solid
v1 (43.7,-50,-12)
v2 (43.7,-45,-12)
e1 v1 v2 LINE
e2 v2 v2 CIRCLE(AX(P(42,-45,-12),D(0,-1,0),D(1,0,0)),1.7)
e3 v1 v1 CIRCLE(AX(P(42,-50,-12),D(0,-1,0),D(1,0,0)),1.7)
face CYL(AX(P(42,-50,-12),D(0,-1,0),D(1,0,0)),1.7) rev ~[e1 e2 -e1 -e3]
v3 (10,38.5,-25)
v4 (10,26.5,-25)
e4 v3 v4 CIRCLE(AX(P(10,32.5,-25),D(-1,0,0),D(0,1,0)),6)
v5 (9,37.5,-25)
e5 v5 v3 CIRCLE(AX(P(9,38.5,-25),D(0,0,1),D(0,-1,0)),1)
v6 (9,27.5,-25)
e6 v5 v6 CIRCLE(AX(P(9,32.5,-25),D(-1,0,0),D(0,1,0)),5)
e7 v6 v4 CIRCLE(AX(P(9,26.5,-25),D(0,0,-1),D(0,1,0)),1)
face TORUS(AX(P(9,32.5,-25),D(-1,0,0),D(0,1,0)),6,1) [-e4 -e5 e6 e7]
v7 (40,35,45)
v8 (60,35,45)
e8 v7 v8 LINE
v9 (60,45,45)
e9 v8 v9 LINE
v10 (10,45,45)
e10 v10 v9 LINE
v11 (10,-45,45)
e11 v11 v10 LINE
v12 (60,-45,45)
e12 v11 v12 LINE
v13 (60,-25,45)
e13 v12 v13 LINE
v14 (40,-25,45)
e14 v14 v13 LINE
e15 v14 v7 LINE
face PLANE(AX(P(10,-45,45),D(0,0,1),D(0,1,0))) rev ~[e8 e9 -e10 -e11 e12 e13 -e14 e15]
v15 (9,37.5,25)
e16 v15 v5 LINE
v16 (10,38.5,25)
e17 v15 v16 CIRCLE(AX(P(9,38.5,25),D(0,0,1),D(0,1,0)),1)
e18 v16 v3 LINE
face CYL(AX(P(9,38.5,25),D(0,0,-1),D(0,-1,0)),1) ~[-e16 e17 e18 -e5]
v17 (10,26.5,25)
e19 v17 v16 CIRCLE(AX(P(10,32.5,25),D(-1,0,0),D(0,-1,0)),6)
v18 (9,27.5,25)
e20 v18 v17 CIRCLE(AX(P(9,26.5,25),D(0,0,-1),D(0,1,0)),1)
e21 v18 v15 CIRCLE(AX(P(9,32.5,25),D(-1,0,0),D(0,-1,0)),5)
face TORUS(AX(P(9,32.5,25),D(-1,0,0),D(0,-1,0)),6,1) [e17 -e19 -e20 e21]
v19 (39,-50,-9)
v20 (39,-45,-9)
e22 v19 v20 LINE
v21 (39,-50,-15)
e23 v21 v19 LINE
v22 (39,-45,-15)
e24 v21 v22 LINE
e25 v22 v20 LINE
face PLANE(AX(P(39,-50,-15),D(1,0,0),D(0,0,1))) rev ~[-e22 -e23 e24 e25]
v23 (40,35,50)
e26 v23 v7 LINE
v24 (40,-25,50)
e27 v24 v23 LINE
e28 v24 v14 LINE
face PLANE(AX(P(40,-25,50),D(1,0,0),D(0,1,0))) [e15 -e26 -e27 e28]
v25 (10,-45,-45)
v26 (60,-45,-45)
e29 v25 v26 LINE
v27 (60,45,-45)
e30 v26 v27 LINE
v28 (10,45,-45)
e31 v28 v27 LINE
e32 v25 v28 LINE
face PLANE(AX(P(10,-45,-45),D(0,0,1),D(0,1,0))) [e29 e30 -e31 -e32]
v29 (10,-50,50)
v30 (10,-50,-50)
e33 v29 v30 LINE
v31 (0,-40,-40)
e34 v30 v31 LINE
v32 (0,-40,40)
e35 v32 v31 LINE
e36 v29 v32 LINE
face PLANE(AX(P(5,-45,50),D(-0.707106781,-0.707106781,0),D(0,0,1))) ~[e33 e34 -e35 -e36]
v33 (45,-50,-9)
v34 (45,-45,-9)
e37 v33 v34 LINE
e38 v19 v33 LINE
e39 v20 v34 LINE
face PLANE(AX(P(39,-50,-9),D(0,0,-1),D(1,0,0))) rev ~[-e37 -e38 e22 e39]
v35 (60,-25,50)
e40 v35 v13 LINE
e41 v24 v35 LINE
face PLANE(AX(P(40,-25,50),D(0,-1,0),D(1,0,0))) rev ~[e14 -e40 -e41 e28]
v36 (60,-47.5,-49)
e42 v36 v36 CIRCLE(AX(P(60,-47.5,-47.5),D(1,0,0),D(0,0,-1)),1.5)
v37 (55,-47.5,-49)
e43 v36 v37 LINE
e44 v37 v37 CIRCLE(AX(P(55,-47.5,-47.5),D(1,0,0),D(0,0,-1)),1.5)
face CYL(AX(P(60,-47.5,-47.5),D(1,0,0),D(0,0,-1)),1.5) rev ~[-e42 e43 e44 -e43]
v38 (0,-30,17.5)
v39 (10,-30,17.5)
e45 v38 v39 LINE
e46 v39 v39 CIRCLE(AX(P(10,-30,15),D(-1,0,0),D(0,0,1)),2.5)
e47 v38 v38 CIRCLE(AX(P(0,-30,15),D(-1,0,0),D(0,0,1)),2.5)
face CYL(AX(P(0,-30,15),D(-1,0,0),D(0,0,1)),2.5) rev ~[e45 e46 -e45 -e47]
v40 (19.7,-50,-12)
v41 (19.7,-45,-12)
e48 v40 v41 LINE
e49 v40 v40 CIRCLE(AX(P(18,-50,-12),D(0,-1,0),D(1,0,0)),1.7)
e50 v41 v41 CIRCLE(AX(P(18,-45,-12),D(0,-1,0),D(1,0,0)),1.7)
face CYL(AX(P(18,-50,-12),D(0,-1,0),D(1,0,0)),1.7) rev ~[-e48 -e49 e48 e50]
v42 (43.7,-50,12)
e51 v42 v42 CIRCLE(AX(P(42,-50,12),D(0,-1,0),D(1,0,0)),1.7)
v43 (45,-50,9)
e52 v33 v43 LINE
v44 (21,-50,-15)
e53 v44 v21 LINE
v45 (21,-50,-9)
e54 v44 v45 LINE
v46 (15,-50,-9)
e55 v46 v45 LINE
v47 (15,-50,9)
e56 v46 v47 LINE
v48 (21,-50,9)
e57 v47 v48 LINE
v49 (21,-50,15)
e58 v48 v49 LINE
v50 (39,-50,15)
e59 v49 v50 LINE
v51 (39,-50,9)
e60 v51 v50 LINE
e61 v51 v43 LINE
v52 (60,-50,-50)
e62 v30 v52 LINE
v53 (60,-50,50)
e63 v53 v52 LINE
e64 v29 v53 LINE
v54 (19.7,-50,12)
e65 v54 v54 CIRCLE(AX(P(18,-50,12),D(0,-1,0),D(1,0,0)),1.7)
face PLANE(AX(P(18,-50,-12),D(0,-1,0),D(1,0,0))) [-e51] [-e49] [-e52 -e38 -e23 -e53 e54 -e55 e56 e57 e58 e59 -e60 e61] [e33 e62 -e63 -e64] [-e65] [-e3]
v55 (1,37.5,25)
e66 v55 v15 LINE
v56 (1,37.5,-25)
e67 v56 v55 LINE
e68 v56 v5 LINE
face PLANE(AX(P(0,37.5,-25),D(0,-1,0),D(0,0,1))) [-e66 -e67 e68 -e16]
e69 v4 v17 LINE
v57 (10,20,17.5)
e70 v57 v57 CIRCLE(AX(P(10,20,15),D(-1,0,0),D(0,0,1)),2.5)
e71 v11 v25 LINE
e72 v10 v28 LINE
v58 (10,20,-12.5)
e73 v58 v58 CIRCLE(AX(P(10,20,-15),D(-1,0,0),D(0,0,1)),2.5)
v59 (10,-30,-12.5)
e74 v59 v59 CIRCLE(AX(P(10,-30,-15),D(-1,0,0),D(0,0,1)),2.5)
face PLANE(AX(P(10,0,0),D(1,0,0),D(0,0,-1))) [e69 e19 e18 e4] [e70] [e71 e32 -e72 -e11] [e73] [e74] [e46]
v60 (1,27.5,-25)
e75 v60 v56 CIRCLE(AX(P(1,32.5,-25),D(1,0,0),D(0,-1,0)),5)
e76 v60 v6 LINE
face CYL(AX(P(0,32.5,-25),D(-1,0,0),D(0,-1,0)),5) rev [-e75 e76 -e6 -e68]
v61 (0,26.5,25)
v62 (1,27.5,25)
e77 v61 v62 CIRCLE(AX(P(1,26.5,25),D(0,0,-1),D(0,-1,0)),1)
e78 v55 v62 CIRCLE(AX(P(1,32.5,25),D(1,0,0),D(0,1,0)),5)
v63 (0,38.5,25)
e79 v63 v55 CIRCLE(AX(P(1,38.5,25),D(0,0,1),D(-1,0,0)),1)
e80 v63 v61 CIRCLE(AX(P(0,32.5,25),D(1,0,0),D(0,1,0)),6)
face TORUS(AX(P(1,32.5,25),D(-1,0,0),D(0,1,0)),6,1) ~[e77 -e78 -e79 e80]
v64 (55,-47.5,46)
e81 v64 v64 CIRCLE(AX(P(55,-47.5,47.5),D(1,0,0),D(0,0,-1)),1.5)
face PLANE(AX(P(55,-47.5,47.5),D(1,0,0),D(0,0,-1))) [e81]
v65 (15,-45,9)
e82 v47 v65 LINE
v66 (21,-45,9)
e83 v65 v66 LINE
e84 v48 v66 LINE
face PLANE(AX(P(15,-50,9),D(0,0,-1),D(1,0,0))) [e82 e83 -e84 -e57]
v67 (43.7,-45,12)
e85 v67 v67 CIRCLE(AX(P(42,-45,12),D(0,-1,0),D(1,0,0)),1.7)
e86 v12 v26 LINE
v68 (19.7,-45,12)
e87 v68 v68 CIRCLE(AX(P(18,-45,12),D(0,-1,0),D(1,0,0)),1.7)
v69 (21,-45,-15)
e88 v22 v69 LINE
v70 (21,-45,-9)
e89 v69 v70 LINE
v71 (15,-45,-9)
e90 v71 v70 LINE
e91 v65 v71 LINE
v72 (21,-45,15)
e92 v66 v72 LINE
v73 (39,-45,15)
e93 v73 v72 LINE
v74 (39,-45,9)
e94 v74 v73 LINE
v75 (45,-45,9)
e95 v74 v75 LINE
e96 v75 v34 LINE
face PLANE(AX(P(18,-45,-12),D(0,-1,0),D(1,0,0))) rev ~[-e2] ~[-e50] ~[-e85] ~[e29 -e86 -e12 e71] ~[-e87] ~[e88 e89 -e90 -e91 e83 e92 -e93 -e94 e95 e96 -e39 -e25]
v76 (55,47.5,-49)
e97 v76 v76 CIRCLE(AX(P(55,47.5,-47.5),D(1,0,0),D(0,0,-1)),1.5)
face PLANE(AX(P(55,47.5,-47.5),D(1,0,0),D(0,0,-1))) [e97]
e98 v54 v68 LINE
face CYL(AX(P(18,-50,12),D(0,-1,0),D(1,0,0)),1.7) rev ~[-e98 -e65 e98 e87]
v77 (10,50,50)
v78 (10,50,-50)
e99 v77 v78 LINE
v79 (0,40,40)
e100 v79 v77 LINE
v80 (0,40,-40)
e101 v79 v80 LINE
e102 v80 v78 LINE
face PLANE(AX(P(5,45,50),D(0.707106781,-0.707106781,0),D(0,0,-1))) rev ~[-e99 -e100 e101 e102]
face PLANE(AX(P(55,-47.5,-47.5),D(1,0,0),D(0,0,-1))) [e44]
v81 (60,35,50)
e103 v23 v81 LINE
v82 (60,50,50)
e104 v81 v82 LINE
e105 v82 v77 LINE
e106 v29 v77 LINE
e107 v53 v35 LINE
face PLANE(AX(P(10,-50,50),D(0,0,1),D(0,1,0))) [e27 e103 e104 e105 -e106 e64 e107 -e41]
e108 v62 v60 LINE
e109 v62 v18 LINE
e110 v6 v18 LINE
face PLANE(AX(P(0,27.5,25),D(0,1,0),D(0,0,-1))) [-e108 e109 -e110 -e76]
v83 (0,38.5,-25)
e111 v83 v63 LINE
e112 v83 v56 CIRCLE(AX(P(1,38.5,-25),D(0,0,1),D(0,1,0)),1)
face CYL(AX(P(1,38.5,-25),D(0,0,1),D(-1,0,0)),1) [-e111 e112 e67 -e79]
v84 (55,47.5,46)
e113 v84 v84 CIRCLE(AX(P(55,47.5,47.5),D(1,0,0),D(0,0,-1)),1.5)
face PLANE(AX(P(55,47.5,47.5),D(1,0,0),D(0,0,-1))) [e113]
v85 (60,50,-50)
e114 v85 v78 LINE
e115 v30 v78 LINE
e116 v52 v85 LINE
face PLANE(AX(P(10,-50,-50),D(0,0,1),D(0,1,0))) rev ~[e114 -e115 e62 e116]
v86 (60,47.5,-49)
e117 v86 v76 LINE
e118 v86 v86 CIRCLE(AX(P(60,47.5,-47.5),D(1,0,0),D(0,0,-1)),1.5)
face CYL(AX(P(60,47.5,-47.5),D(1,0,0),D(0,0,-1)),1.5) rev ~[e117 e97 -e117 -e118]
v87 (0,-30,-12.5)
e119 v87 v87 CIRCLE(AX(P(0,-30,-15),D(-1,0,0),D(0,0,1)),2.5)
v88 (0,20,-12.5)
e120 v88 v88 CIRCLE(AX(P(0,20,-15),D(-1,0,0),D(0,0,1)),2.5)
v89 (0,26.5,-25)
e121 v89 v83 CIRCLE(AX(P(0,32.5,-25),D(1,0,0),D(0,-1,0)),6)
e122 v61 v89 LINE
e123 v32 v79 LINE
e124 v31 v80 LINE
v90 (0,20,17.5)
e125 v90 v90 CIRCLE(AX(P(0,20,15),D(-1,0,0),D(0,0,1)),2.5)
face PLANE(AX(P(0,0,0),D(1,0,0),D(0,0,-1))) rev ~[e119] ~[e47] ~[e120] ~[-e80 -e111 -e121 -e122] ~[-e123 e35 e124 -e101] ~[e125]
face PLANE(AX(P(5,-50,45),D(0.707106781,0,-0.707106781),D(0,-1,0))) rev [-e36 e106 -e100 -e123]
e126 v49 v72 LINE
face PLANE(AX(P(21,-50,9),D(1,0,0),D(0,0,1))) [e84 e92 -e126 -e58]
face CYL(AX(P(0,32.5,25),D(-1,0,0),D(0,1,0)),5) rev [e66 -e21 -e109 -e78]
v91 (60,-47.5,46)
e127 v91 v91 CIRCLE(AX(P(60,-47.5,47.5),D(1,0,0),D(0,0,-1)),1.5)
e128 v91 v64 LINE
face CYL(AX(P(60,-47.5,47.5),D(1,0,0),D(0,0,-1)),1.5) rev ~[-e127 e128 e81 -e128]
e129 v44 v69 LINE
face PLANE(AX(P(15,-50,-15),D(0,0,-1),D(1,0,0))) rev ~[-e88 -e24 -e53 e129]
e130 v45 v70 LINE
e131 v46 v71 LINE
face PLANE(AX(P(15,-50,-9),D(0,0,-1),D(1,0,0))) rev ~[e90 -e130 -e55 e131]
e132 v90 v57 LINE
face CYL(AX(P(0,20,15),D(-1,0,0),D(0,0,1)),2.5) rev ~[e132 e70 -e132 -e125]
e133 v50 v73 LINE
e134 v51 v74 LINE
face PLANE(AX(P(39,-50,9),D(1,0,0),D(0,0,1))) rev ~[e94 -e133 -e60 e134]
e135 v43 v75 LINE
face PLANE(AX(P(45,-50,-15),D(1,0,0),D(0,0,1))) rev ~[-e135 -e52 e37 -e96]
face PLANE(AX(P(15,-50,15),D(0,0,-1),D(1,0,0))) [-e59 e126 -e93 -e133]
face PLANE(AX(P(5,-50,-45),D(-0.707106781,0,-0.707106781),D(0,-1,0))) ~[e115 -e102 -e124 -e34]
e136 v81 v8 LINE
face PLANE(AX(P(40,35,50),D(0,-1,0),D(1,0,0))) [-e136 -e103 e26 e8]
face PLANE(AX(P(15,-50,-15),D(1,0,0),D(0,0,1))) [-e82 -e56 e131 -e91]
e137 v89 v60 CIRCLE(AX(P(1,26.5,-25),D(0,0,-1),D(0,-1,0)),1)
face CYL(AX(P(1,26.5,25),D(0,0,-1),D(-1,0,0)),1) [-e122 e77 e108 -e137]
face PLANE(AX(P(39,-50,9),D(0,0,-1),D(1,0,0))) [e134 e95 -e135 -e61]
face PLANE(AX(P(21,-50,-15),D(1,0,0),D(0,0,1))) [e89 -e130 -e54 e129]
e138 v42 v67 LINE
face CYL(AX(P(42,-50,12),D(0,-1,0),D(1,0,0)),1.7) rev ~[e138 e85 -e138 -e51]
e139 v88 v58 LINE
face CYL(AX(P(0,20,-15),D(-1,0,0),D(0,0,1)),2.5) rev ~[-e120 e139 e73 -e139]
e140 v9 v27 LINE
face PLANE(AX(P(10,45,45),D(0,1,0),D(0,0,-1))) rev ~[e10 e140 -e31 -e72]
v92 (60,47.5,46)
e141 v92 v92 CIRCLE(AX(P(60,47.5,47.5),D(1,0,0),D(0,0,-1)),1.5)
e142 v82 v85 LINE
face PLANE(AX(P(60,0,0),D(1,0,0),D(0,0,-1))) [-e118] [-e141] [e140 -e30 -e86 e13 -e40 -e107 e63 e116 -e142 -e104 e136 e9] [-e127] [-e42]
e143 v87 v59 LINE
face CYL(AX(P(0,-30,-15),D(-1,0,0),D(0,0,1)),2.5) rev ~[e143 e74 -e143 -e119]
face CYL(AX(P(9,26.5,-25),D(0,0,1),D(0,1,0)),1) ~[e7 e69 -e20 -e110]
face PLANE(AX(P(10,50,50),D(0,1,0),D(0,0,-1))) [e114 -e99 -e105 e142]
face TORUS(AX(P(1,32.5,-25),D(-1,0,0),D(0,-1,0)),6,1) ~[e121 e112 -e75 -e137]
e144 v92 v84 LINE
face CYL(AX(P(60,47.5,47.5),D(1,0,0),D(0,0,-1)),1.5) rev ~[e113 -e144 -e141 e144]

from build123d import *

# Parameters (mm, degrees)
SKETCH7_W            = 100
SKETCH7_H            = 100
BOSS_EXTRUDE2_DEPTH  = 10
SKETCH8_W            = 100
SKETCH8_H            = 100
SKETCH8_W_2          = 90
SKETCH8_H_2          = 90
BOSS_EXTRUDE3_DEPTH  = 50
CHAMFER1_SIZE        = 10
CUT_EXTRUDE5_DEPTH   = 15
FILLET3_R            = 1
SKETCH16_W           = 30
SKETCH16_H           = 30
CUT_EXTRUDE6_DEPTH   = 10
SKETCH17_W           = 6
SKETCH17_H           = 6
SKETCH17_R           = 1.7
BOSS_EXTRUDE4_DEPTH  = 5
LPATTERN2_COUNT      = 2
LPATTERN2_PITCH      = 24
LPATTERN2_COUNT_DIR2 = 2
LPATTERN2_PITCH_DIR2 = 24
SKETCH18_R           = 2.5
CUT_EXTRUDE7_DEPTH   = 10
LPATTERN3_COUNT      = 2
LPATTERN3_PITCH      = 30
LPATTERN3_COUNT_DIR2 = 2
LPATTERN3_PITCH_DIR2 = 50
SKETCH19_W           = 20
SKETCH19_H           = 60
CUT_EXTRUDE8_DEPTH   = 10
SKETCH20_R           = 1.5
CUT_EXTRUDE9_DEPTH   = 5
LPATTERN4_COUNT      = 2
LPATTERN4_PITCH      = 95
LPATTERN4_COUNT_DIR2 = 2
LPATTERN4_PITCH_DIR2 = 95


with BuildPart() as part:
    # Sketch7 → Boss-Extrude2 (new body)
    with BuildSketch(Plane(origin=(0, 0, 0), x_dir=(0, 0, -1), z_dir=(1, 0, 0))):
        Rectangle(SKETCH7_W, SKETCH7_H)
    extrude(amount=BOSS_EXTRUDE2_DEPTH)

    # Sketch8 → Boss-Extrude3 (add)
    with BuildSketch(Plane(origin=(10, 0, 0), x_dir=(0, 0, -1), z_dir=(1, 0, 0))):
        Rectangle(SKETCH8_W, SKETCH8_H)
        Rectangle(SKETCH8_W_2, SKETCH8_H_2, mode=Mode.SUBTRACT)
    extrude(amount=BOSS_EXTRUDE3_DEPTH)

    # Chamfer1
    chamfer1_edges = [part.edges().sort_by_distance(p)[0] for p in [
        (0, 50, 0),
        (0, 0, -50),
        (0, -50, 0),
        (0, 0, 50),
    ]]
    chamfer(chamfer1_edges, length=CHAMFER1_SIZE)

    # Sketch14 → Cut-Extrude5 (cut)
    with BuildSketch(Plane.ZY):
        with BuildLine():
            Line((-25, 37.5), (25, 37.5))
            ThreePointArc((25, 37.5), (30, 32.5), (25, 27.5))
            Line((25, 27.5), (-25, 27.5))
            ThreePointArc((-25, 27.5), (-30, 32.5), (-25, 37.5))
        make_face()
    extrude(amount=-CUT_EXTRUDE5_DEPTH, mode=Mode.SUBTRACT)

    # Fillet3
    fillet3_edges = [part.edges().sort_by_distance(p)[0] for p in [
        (10, 27.5, 0),
        (10, 32.5, 30),
        (10, 37.5, 0),
        (10, 32.5, -30),
        (0, 32.5, -30),
        (0, 27.5, 0),
        (0, 32.5, 30),
        (0, 37.5, 0),
    ]]
    fillet(fillet3_edges, radius=FILLET3_R)

    # Sketch16 → Cut-Extrude6 (cut)
    with BuildSketch(Plane.XZ.offset(50)):
        with Locations((30, 0)):
            Rectangle(SKETCH16_W, SKETCH16_H)
    extrude(amount=-CUT_EXTRUDE6_DEPTH, mode=Mode.SUBTRACT)

    # Sketch17 → Boss-Extrude4 (add)
    with BuildSketch(Plane.XZ.offset(50)):
        with Locations((18, 12)):
            Rectangle(SKETCH17_W, SKETCH17_H)
        with Locations((18, 12)):
            Circle(SKETCH17_R, mode=Mode.SUBTRACT)
    boss_extrude4 = extrude(amount=-BOSS_EXTRUDE4_DEPTH)

    # LPattern2: Boss-Extrude4 2 × 2
    with Locations(*[(i * LPATTERN2_PITCH, 0, -j * LPATTERN2_PITCH_DIR2) for i in range(LPATTERN2_COUNT) for j in range(LPATTERN2_COUNT_DIR2) if (i, j) != (0, 0)]):
        add(boss_extrude4)

    # Sketch18 → Cut-Extrude7 (cut)
    with BuildSketch(Plane.ZY):
        with Locations((-15, 20)):
            Circle(SKETCH18_R)
    cut_extrude7 = extrude(amount=-CUT_EXTRUDE7_DEPTH, mode=Mode.SUBTRACT)

    # LPattern3: Cut-Extrude7 2 × 2
    with Locations(*[(0, -j * LPATTERN3_PITCH_DIR2, i * LPATTERN3_PITCH) for i in range(LPATTERN3_COUNT) for j in range(LPATTERN3_COUNT_DIR2) if (i, j) != (0, 0)]):
        add(cut_extrude7, mode=Mode.SUBTRACT)

    # Sketch19 → Cut-Extrude8 (cut)
    with BuildSketch(Plane.XY.offset(50)):
        with Locations((50, 5)):
            Rectangle(SKETCH19_W, SKETCH19_H)
    extrude(amount=-CUT_EXTRUDE8_DEPTH, mode=Mode.SUBTRACT)

    # Sketch20 → Cut-Extrude9 (cut)
    with BuildSketch(Plane(origin=(60, 0, 0), x_dir=(0, 0, -1), z_dir=(1, 0, 0))):
        with Locations((-47.5, 47.5)):
            Circle(SKETCH20_R)
    cut_extrude9 = extrude(amount=-CUT_EXTRUDE9_DEPTH, mode=Mode.SUBTRACT)

    # LPattern4: Cut-Extrude9 2 × 2
    with Locations(*[(0, -j * LPATTERN4_PITCH_DIR2, -i * LPATTERN4_PITCH) for i in range(LPATTERN4_COUNT) for j in range(LPATTERN4_COUNT_DIR2) if (i, j) != (0, 0)]):
        add(cut_extrude9, mode=Mode.SUBTRACT)


solid = part.part
